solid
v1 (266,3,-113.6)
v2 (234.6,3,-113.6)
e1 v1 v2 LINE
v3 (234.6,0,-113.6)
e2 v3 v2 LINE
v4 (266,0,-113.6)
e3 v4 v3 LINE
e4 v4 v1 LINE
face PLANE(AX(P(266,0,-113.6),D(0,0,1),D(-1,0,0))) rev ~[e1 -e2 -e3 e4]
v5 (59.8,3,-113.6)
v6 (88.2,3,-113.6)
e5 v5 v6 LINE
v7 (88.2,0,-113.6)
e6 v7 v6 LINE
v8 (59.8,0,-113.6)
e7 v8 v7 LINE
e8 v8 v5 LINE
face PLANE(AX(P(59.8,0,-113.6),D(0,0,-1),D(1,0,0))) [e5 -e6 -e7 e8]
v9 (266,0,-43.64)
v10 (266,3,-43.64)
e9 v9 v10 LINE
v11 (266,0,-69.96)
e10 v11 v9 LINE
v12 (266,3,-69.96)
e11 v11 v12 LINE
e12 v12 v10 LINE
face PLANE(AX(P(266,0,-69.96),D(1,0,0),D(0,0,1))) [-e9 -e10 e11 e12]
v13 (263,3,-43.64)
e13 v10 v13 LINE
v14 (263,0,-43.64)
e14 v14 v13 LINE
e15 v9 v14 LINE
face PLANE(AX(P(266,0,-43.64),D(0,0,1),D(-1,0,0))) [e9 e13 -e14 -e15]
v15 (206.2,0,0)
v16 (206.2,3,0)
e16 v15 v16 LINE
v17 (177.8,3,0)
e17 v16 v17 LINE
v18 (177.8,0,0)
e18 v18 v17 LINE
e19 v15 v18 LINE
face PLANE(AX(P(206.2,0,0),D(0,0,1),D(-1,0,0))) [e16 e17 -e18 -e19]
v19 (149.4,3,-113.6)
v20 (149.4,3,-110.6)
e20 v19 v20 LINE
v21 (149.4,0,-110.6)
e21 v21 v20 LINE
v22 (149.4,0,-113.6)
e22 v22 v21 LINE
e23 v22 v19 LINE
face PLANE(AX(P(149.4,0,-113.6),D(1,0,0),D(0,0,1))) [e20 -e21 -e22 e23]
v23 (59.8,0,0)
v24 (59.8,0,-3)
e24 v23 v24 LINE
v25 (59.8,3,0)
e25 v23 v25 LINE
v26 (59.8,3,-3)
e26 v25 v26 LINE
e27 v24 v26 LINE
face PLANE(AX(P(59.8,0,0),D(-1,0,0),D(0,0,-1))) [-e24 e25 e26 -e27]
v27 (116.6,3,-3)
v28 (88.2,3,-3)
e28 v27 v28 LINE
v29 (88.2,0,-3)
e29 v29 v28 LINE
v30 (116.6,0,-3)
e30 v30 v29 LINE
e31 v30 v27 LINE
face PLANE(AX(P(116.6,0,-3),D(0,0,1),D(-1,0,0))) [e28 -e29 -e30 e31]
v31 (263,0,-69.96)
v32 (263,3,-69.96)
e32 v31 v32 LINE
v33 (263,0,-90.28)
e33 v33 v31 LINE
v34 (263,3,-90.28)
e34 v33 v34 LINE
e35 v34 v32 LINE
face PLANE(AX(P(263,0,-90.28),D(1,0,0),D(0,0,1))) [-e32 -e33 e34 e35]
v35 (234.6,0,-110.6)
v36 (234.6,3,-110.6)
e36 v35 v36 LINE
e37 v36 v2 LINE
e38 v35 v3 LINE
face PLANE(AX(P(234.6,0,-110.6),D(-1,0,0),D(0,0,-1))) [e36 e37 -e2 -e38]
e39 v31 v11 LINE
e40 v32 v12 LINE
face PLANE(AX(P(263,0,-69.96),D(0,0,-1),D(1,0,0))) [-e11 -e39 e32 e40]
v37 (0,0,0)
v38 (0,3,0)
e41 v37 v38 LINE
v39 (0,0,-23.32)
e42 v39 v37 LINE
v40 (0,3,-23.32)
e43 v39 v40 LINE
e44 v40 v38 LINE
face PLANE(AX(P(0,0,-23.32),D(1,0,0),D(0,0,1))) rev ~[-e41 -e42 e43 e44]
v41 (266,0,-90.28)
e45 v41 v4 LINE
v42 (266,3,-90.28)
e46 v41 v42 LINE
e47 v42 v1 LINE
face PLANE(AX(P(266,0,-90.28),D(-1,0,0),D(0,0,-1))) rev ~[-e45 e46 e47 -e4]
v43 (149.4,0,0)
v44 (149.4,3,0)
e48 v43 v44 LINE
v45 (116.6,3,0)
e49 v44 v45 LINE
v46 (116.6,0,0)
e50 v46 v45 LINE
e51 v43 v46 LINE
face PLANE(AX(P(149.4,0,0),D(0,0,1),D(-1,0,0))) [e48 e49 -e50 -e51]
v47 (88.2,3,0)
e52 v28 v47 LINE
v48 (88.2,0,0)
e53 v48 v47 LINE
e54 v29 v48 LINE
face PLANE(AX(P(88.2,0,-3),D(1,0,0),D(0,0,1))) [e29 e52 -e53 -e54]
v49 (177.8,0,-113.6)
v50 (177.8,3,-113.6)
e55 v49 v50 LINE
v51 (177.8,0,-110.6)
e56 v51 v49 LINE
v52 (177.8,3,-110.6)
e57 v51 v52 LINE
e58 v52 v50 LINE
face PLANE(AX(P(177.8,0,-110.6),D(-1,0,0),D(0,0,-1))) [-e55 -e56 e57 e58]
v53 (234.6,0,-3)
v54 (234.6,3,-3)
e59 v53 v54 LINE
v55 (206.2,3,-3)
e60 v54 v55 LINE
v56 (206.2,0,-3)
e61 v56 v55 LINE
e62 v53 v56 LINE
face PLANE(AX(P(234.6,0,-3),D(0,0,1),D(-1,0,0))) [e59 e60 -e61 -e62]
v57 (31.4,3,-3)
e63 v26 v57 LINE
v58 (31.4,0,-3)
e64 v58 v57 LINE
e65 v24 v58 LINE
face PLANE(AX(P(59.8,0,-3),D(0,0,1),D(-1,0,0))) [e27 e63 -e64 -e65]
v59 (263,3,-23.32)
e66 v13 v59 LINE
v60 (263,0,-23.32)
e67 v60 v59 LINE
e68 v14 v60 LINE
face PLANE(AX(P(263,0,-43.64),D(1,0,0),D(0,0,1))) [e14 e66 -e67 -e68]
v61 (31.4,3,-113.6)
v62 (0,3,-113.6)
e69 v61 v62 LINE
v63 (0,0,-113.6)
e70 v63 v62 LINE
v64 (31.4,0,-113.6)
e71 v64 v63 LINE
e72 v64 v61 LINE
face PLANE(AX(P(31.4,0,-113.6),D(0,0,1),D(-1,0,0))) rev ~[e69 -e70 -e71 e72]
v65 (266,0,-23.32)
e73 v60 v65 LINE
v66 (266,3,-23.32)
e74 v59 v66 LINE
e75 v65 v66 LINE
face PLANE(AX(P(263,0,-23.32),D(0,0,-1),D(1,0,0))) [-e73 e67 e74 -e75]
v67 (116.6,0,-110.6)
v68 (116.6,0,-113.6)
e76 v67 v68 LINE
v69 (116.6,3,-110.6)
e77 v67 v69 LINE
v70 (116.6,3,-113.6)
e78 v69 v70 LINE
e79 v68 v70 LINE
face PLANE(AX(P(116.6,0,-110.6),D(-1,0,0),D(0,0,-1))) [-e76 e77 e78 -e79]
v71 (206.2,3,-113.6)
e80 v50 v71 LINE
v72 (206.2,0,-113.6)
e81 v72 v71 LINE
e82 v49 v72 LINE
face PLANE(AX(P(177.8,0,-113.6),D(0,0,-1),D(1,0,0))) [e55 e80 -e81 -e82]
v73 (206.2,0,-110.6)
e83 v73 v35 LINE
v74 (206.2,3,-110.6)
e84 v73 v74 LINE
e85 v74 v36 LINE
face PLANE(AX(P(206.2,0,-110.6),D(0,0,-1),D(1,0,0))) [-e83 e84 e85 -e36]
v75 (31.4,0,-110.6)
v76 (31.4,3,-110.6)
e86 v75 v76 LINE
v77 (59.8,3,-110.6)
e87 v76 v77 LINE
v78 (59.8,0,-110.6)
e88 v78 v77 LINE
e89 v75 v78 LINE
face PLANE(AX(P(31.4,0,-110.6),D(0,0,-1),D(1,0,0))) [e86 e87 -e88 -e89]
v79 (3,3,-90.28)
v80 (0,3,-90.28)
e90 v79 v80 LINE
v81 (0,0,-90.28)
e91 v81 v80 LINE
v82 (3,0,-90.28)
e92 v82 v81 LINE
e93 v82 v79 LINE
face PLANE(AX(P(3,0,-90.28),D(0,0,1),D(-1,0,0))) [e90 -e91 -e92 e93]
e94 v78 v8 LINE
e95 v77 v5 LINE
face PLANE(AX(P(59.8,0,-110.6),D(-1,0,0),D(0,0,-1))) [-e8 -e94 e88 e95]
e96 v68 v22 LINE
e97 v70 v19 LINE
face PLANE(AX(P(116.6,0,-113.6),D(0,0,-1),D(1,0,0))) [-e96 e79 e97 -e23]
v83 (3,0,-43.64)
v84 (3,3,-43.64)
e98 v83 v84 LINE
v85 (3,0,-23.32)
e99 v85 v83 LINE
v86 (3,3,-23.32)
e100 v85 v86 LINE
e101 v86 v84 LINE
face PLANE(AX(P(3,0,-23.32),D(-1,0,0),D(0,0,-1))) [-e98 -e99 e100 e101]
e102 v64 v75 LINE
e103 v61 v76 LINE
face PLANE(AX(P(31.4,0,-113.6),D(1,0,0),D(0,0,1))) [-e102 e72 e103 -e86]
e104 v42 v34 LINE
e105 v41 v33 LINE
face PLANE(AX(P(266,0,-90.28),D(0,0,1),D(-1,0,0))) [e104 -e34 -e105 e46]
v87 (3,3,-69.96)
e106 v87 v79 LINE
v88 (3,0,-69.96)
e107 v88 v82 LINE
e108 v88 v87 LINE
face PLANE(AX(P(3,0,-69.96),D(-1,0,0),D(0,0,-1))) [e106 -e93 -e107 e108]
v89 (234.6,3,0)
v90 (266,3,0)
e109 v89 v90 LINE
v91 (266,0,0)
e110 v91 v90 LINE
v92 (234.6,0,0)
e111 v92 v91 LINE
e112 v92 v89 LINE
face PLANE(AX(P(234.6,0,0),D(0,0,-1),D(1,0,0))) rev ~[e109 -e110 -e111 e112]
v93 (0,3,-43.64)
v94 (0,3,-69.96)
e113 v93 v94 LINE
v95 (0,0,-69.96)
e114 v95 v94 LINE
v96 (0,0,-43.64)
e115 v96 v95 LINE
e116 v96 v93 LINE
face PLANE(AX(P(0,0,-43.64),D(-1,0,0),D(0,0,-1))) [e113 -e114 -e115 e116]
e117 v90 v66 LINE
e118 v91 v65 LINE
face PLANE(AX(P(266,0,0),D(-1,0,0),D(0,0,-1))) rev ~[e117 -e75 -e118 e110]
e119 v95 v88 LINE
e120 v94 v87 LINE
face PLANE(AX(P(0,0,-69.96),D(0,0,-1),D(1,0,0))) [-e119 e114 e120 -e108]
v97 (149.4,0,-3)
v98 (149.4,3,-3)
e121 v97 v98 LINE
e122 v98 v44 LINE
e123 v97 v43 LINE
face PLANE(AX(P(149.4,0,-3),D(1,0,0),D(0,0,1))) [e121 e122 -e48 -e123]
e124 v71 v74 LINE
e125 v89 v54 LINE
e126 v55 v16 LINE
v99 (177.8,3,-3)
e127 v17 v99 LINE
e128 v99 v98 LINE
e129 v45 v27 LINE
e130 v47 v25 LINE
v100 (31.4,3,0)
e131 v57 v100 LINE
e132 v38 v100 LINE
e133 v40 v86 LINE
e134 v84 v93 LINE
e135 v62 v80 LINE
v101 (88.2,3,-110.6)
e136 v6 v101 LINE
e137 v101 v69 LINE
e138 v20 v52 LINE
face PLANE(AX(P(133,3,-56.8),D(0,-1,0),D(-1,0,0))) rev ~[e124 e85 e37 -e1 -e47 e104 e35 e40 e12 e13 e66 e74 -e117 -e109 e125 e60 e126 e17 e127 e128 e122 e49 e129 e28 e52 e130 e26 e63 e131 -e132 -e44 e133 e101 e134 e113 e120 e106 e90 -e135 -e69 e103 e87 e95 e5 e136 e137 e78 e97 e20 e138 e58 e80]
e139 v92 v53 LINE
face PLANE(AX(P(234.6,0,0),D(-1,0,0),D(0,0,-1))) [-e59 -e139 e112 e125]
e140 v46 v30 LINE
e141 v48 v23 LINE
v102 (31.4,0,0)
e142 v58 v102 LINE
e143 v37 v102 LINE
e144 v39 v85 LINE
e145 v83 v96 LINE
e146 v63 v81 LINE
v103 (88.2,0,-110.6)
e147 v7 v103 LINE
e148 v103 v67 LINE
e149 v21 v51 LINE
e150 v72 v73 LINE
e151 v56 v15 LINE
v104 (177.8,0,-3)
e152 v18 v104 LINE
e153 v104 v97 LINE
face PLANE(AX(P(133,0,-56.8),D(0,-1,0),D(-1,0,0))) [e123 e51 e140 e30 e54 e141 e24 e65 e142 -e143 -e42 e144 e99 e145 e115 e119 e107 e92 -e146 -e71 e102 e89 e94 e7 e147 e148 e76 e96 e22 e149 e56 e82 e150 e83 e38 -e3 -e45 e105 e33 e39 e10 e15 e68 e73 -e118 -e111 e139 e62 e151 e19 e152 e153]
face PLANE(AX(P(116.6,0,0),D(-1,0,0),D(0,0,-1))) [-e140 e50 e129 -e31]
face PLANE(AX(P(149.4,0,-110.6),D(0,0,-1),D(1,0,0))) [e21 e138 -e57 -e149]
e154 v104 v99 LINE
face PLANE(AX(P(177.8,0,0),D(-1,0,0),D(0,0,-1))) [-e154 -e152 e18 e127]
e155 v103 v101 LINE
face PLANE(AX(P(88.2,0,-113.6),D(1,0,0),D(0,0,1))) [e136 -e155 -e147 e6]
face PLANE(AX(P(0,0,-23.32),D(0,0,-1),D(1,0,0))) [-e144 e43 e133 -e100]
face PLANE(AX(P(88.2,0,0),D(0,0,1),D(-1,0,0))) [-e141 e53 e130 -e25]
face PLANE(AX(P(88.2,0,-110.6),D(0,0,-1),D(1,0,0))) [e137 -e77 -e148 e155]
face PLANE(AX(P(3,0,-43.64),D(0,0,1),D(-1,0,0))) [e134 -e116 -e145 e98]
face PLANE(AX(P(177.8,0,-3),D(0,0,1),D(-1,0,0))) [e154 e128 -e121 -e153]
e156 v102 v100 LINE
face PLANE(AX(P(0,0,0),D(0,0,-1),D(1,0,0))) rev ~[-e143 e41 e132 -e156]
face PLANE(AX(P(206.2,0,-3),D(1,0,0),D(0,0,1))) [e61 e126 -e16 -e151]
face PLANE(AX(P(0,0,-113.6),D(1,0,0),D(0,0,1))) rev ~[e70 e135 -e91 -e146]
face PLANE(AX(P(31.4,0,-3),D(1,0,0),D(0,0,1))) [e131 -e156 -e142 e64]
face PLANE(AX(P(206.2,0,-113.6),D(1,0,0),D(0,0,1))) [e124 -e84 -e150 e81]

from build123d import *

# Parameters (mm, degrees)
SALIENTE_EXTRUIR1_DEPTH = 3


with BuildPart() as part:
    # Croquis1 → Saliente-Extruir1 (new body)
    with BuildSketch(Plane(origin=(0, 0, 0), x_dir=(1, 0, 0), z_dir=(0, 1, 0))):
        Polygon((3, 113.6), (31.4, 113.6), (31.4, 110.6), (59.8, 110.6), (59.8, 113.6), (88.2, 113.6), (88.2, 110.6), (116.6, 110.6), (116.6, 113.6), (149.4, 113.6), (149.4, 110.6), (177.8, 110.6), (177.8, 113.6), (206.2, 113.6), (206.2, 110.6), (234.6, 110.6), (234.6, 113.6), (263, 113.6), (266, 113.6), (266, 110.6), (266, 90.28), (263, 90.28), (263, 69.96), (266, 69.96), (266, 43.64), (263, 43.64), (263, 23.32), (266, 23.32), (266, 3), (266, 0), (263, 0), (234.6, 0), (234.6, 3), (206.2, 3), (206.2, 0), (177.8, 0), (177.8, 3), (149.4, 3), (149.4, 0), (116.6, 0), (116.6, 3), (88.2, 3), (88.2, 0), (59.8, 0), (59.8, 3), (31.4, 3), (31.4, 0), (3, 0), (0, 0), (0, 3), (0, 23.32), (3, 23.32), (3, 43.64), (0, 43.64), (0, 69.96), (3, 69.96), (3, 90.28), (0, 90.28), (0, 110.6), (0, 113.6), align=None)
    extrude(amount=SALIENTE_EXTRUIR1_DEPTH)


solid = part.part
